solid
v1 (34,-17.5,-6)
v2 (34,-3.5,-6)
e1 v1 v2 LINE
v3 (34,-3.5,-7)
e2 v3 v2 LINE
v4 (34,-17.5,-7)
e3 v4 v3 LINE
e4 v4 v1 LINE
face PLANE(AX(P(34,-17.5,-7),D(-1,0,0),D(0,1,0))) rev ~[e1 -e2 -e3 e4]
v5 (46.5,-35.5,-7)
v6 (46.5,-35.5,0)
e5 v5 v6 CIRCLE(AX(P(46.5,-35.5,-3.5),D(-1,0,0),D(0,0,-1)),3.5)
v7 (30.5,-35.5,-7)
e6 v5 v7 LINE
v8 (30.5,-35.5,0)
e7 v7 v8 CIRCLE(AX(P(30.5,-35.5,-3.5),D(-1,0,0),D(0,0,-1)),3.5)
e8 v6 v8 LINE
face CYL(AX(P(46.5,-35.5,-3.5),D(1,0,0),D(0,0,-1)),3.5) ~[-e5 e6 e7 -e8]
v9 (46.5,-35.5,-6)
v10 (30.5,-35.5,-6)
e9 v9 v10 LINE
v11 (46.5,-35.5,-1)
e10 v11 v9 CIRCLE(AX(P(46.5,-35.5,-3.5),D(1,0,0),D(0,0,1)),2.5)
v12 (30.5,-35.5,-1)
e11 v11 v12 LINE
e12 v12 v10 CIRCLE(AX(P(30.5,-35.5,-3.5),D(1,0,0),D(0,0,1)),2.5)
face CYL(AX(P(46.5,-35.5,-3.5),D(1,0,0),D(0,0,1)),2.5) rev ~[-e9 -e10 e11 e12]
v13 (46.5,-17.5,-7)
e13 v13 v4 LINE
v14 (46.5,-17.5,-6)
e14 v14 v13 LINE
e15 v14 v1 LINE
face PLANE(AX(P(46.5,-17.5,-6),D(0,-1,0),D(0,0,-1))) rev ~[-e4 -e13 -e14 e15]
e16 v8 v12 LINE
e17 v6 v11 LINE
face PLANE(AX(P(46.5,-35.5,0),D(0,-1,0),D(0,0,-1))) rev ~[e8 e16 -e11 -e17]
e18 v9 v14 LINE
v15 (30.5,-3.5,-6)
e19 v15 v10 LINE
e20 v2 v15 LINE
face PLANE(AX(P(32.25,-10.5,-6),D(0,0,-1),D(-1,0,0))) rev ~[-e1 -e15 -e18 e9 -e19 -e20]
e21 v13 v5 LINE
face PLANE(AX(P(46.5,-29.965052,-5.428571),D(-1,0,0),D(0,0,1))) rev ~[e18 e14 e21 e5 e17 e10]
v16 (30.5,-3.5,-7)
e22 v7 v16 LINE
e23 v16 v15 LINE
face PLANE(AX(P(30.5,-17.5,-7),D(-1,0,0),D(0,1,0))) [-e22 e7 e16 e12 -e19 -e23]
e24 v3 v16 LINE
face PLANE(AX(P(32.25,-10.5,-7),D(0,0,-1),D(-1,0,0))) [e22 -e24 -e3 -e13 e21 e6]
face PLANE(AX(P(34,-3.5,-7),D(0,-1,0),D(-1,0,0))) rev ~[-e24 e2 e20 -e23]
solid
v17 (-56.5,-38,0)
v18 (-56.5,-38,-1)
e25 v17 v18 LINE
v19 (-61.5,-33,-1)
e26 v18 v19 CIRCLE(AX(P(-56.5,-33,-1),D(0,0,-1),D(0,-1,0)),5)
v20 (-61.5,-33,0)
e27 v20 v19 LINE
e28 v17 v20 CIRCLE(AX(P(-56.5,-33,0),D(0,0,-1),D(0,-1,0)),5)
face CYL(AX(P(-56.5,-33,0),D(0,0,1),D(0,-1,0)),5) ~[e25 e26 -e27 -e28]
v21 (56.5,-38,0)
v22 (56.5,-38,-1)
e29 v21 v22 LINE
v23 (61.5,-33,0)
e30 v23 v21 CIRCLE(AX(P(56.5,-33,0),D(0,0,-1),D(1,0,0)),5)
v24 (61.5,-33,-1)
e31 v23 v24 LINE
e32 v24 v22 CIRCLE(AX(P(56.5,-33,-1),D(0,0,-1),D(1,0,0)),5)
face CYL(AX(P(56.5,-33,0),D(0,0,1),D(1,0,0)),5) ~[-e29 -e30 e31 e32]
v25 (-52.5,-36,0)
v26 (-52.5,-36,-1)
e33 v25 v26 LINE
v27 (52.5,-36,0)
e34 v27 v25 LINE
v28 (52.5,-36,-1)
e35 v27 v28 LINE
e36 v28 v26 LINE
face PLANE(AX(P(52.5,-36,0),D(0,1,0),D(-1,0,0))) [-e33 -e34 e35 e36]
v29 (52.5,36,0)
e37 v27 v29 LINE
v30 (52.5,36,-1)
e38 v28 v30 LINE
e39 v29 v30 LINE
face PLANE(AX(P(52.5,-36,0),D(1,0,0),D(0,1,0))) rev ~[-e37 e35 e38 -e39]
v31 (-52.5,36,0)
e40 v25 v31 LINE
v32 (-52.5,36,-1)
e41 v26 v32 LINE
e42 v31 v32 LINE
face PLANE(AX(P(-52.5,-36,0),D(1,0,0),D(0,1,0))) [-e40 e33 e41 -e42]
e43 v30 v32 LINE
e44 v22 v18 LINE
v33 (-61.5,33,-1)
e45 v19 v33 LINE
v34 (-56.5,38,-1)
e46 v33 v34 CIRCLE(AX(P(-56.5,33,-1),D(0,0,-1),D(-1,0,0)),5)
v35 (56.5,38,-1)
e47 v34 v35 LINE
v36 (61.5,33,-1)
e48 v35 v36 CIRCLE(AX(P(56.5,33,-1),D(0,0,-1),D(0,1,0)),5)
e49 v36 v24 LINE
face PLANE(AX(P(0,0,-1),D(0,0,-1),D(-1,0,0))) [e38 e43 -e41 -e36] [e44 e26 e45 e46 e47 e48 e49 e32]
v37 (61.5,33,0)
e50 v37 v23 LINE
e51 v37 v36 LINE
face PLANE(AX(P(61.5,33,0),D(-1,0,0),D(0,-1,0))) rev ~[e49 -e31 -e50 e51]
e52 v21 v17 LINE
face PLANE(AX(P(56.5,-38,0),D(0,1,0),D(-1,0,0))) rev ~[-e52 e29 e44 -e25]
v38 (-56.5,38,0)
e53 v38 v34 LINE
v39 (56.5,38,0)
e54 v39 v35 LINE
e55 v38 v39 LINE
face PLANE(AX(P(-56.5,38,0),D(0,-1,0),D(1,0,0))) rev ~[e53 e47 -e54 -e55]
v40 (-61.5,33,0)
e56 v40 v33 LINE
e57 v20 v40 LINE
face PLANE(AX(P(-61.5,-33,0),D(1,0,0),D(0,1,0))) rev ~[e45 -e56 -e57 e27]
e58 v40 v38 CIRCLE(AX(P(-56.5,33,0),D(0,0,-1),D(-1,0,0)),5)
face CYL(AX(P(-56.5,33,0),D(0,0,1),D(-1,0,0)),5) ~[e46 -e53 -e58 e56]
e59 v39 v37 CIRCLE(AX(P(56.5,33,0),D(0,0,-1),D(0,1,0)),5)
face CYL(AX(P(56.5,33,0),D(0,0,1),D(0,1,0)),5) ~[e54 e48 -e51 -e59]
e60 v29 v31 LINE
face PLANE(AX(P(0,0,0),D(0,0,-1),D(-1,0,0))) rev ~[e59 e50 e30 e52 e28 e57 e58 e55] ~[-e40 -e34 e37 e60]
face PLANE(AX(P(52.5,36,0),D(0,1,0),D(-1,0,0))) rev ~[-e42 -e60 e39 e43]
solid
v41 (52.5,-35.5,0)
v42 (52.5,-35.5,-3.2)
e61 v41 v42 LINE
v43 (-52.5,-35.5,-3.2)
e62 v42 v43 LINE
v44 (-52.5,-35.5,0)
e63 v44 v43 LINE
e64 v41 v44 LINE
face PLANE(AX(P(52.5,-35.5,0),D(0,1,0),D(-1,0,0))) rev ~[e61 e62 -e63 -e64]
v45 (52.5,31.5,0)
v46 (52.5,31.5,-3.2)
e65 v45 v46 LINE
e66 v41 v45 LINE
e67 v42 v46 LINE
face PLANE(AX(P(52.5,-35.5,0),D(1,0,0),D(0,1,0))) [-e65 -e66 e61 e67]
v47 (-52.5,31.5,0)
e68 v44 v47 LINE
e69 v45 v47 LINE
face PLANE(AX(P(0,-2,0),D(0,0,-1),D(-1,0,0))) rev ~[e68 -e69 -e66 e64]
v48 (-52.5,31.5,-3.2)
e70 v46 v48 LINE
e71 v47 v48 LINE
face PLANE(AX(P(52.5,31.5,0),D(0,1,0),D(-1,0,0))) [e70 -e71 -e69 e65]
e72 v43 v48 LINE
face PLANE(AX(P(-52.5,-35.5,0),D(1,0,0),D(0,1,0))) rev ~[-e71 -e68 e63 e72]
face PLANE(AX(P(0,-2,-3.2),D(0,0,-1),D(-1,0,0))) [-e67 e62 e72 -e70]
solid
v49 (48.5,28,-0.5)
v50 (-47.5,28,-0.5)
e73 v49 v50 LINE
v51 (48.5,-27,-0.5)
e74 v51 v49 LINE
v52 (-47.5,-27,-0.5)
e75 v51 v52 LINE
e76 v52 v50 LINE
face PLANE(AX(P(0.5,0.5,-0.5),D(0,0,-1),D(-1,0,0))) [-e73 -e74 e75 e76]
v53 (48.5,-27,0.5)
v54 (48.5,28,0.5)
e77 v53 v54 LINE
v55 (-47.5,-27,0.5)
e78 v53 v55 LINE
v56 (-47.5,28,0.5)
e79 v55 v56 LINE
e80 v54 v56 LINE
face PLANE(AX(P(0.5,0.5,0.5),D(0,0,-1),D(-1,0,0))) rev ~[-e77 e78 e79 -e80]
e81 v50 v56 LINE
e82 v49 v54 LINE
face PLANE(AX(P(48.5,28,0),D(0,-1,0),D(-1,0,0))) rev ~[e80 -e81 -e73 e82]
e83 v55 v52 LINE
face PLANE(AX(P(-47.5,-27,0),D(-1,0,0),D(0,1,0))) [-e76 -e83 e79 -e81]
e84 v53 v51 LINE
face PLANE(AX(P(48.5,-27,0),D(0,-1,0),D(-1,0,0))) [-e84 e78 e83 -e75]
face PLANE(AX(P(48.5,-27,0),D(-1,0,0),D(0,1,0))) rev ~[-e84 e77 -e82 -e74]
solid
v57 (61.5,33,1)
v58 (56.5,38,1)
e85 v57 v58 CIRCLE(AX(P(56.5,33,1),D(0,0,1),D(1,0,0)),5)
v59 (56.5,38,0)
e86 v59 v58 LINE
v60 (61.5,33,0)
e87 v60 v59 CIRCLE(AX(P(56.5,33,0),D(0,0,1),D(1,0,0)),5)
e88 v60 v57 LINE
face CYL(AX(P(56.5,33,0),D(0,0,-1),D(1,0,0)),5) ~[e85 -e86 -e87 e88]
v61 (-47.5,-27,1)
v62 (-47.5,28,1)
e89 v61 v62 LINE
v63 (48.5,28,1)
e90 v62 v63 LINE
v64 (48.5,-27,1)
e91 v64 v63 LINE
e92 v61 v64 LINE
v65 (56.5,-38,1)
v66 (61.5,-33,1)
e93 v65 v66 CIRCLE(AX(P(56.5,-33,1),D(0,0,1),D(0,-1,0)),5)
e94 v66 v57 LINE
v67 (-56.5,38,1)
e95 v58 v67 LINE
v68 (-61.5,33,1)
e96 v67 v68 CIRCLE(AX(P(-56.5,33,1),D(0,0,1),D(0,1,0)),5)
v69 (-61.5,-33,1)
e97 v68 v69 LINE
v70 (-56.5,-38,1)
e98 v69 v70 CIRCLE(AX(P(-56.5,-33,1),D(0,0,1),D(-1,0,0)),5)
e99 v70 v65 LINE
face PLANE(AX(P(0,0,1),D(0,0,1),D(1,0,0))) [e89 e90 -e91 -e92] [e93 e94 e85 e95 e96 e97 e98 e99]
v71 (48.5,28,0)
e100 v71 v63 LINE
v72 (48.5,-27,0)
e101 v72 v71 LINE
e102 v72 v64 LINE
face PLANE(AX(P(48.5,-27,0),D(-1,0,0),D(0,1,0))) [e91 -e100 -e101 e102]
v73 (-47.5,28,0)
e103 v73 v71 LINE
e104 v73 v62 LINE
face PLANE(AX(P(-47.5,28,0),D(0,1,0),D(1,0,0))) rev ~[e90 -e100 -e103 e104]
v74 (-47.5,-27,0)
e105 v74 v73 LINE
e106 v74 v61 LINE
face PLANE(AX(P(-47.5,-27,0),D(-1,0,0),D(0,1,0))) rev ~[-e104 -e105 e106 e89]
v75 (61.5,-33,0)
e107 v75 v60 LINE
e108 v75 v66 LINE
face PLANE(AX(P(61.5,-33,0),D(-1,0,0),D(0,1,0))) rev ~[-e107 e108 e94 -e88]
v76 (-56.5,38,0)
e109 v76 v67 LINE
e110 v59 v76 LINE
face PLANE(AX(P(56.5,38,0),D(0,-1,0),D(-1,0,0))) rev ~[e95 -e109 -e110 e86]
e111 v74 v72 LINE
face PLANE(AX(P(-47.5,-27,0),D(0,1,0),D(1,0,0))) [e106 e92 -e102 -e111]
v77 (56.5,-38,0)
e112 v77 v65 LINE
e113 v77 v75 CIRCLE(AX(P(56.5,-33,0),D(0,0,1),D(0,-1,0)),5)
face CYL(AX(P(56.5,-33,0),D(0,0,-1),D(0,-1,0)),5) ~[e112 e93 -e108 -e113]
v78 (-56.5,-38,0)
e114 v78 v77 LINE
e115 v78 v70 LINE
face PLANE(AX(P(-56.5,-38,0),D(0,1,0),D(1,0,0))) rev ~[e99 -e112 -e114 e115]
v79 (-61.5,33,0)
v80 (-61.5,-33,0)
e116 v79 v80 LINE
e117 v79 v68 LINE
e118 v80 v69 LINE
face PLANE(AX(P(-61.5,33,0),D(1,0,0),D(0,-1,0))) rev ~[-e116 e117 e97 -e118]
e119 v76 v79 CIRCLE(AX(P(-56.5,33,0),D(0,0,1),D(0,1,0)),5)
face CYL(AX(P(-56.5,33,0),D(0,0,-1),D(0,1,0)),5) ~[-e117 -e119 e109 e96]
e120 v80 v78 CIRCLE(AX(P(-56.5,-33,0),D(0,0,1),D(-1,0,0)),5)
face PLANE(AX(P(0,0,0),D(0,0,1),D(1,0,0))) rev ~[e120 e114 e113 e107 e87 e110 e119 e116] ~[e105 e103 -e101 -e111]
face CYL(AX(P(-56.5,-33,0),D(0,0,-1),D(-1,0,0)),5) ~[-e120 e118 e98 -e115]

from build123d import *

# Parameters (mm, degrees)
SKETCH1_W           = 96
SKETCH1_H           = 55
BOSS_EXTRUDE1_DEPTH = 1
SKETCH2_W           = 96
SKETCH2_H           = 55
BOSS_EXTRUDE2_DEPTH = 0.5
SKETCH3_W           = 105
SKETCH3_H           = 72
BOSS_EXTRUDE3_DEPTH = 1
EXTRUDE_THIN2_DEPTH = 16
SKETCH5_W           = 3.5
SKETCH5_H           = 14
BOSS_EXTRUDE4_DEPTH = 1
SKETCH6_W           = 105
SKETCH6_H           = 67
BOSS_EXTRUDE5_DEPTH = 3.2


with BuildPart() as part:
    # Sketch1 → Boss-Extrude1 (new body)
    with BuildSketch(Plane.XY):
        with BuildLine():
            Line((-56.5, -38), (56.5, -38))
            ThreePointArc((56.5, -38), (60.035533906, -36.535533906), (61.5, -33))
            Line((61.5, -33), (61.5, 33))
            ThreePointArc((61.5, 33), (60.035533906, 36.535533906), (56.5, 38))
            Line((56.5, 38), (-56.5, 38))
            ThreePointArc((-56.5, 38), (-60.035533906, 36.535533906), (-61.5, 33))
            Line((-61.5, 33), (-61.5, -33))
            ThreePointArc((-61.5, -33), (-60.035533906, -36.535533906), (-56.5, -38))
        make_face()
        with Locations((0.5, 0.5)):
            Rectangle(SKETCH1_W, SKETCH1_H, mode=Mode.SUBTRACT)
    extrude(amount=BOSS_EXTRUDE1_DEPTH)


with BuildPart() as body_2:
    # Sketch2 → Boss-Extrude2 (new, symmetric)
    with BuildSketch(Plane(origin=(0, 0, 0), x_dir=(-1, 0, 0), z_dir=(0, 0, -1))):
        with Locations((-0.5, 0.5)):
            Rectangle(SKETCH2_W, SKETCH2_H)
    extrude(amount=BOSS_EXTRUDE2_DEPTH, both=True)


with BuildPart() as body_3:
    # Sketch3 → Boss-Extrude3 (new body)
    with BuildSketch(Plane(origin=(0, 0, 0), x_dir=(-1, 0, 0), z_dir=(0, 0, -1))):
        with BuildLine():
            Line((61.5, -33), (61.5, 33))
            ThreePointArc((61.5, 33), (60.035533906, 36.535533906), (56.5, 38))
            Line((56.5, 38), (-56.5, 38))
            ThreePointArc((-56.5, 38), (-60.035533906, 36.535533906), (-61.5, 33))
            Line((-61.5, 33), (-61.5, -33))
            ThreePointArc((-61.5, -33), (-60.035533906, -36.535533906), (-56.5, -38))
            Line((-56.5, -38), (56.5, -38))
            ThreePointArc((56.5, -38), (60.035533906, -36.535533906), (61.5, -33))
        make_face()
        Rectangle(SKETCH3_W, SKETCH3_H, mode=Mode.SUBTRACT)
    extrude(amount=BOSS_EXTRUDE3_DEPTH)


with BuildPart() as body_4:
    # Sketch4 → Extrude-Thin2 (new body)
    with BuildSketch(Plane(origin=(46.5, 0, 0), x_dir=(0, 0, -1), z_dir=(1, 0, 0))):
        with BuildLine():
            ThreePointArc((1, -35.5), (3.5, -38), (6, -35.5))
            Line((6, -35.5), (6, -17.5))
            Line((6, -17.5), (7, -17.5))
            Line((7, -17.5), (7, -35.5))
            ThreePointArc((7, -35.5), (3.5, -39), (0, -35.5))
            Line((0, -35.5), (1, -35.5))
        make_face()
    extrude(amount=-EXTRUDE_THIN2_DEPTH)

    # Sketch5 → Boss-Extrude4 (add)
    with BuildSketch(Plane(origin=(0, 0, -7), x_dir=(-1, 0, 0), z_dir=(0, 0, -1))):
        with Locations((-32.25, -10.5)):
            Rectangle(SKETCH5_W, SKETCH5_H)
    extrude(amount=-BOSS_EXTRUDE4_DEPTH)


with BuildPart() as body_5:
    # Sketch6 → Boss-Extrude5 (new body)
    with BuildSketch(Plane(origin=(0, 0, 0), x_dir=(-1, 0, 0), z_dir=(0, 0, -1))):
        with Locations((0, -2)):
            Rectangle(SKETCH6_W, SKETCH6_H)
    extrude(amount=BOSS_EXTRUDE5_DEPTH)


solid = Compound([part.part, body_2.part, body_3.part, body_4.part, body_5.part])
